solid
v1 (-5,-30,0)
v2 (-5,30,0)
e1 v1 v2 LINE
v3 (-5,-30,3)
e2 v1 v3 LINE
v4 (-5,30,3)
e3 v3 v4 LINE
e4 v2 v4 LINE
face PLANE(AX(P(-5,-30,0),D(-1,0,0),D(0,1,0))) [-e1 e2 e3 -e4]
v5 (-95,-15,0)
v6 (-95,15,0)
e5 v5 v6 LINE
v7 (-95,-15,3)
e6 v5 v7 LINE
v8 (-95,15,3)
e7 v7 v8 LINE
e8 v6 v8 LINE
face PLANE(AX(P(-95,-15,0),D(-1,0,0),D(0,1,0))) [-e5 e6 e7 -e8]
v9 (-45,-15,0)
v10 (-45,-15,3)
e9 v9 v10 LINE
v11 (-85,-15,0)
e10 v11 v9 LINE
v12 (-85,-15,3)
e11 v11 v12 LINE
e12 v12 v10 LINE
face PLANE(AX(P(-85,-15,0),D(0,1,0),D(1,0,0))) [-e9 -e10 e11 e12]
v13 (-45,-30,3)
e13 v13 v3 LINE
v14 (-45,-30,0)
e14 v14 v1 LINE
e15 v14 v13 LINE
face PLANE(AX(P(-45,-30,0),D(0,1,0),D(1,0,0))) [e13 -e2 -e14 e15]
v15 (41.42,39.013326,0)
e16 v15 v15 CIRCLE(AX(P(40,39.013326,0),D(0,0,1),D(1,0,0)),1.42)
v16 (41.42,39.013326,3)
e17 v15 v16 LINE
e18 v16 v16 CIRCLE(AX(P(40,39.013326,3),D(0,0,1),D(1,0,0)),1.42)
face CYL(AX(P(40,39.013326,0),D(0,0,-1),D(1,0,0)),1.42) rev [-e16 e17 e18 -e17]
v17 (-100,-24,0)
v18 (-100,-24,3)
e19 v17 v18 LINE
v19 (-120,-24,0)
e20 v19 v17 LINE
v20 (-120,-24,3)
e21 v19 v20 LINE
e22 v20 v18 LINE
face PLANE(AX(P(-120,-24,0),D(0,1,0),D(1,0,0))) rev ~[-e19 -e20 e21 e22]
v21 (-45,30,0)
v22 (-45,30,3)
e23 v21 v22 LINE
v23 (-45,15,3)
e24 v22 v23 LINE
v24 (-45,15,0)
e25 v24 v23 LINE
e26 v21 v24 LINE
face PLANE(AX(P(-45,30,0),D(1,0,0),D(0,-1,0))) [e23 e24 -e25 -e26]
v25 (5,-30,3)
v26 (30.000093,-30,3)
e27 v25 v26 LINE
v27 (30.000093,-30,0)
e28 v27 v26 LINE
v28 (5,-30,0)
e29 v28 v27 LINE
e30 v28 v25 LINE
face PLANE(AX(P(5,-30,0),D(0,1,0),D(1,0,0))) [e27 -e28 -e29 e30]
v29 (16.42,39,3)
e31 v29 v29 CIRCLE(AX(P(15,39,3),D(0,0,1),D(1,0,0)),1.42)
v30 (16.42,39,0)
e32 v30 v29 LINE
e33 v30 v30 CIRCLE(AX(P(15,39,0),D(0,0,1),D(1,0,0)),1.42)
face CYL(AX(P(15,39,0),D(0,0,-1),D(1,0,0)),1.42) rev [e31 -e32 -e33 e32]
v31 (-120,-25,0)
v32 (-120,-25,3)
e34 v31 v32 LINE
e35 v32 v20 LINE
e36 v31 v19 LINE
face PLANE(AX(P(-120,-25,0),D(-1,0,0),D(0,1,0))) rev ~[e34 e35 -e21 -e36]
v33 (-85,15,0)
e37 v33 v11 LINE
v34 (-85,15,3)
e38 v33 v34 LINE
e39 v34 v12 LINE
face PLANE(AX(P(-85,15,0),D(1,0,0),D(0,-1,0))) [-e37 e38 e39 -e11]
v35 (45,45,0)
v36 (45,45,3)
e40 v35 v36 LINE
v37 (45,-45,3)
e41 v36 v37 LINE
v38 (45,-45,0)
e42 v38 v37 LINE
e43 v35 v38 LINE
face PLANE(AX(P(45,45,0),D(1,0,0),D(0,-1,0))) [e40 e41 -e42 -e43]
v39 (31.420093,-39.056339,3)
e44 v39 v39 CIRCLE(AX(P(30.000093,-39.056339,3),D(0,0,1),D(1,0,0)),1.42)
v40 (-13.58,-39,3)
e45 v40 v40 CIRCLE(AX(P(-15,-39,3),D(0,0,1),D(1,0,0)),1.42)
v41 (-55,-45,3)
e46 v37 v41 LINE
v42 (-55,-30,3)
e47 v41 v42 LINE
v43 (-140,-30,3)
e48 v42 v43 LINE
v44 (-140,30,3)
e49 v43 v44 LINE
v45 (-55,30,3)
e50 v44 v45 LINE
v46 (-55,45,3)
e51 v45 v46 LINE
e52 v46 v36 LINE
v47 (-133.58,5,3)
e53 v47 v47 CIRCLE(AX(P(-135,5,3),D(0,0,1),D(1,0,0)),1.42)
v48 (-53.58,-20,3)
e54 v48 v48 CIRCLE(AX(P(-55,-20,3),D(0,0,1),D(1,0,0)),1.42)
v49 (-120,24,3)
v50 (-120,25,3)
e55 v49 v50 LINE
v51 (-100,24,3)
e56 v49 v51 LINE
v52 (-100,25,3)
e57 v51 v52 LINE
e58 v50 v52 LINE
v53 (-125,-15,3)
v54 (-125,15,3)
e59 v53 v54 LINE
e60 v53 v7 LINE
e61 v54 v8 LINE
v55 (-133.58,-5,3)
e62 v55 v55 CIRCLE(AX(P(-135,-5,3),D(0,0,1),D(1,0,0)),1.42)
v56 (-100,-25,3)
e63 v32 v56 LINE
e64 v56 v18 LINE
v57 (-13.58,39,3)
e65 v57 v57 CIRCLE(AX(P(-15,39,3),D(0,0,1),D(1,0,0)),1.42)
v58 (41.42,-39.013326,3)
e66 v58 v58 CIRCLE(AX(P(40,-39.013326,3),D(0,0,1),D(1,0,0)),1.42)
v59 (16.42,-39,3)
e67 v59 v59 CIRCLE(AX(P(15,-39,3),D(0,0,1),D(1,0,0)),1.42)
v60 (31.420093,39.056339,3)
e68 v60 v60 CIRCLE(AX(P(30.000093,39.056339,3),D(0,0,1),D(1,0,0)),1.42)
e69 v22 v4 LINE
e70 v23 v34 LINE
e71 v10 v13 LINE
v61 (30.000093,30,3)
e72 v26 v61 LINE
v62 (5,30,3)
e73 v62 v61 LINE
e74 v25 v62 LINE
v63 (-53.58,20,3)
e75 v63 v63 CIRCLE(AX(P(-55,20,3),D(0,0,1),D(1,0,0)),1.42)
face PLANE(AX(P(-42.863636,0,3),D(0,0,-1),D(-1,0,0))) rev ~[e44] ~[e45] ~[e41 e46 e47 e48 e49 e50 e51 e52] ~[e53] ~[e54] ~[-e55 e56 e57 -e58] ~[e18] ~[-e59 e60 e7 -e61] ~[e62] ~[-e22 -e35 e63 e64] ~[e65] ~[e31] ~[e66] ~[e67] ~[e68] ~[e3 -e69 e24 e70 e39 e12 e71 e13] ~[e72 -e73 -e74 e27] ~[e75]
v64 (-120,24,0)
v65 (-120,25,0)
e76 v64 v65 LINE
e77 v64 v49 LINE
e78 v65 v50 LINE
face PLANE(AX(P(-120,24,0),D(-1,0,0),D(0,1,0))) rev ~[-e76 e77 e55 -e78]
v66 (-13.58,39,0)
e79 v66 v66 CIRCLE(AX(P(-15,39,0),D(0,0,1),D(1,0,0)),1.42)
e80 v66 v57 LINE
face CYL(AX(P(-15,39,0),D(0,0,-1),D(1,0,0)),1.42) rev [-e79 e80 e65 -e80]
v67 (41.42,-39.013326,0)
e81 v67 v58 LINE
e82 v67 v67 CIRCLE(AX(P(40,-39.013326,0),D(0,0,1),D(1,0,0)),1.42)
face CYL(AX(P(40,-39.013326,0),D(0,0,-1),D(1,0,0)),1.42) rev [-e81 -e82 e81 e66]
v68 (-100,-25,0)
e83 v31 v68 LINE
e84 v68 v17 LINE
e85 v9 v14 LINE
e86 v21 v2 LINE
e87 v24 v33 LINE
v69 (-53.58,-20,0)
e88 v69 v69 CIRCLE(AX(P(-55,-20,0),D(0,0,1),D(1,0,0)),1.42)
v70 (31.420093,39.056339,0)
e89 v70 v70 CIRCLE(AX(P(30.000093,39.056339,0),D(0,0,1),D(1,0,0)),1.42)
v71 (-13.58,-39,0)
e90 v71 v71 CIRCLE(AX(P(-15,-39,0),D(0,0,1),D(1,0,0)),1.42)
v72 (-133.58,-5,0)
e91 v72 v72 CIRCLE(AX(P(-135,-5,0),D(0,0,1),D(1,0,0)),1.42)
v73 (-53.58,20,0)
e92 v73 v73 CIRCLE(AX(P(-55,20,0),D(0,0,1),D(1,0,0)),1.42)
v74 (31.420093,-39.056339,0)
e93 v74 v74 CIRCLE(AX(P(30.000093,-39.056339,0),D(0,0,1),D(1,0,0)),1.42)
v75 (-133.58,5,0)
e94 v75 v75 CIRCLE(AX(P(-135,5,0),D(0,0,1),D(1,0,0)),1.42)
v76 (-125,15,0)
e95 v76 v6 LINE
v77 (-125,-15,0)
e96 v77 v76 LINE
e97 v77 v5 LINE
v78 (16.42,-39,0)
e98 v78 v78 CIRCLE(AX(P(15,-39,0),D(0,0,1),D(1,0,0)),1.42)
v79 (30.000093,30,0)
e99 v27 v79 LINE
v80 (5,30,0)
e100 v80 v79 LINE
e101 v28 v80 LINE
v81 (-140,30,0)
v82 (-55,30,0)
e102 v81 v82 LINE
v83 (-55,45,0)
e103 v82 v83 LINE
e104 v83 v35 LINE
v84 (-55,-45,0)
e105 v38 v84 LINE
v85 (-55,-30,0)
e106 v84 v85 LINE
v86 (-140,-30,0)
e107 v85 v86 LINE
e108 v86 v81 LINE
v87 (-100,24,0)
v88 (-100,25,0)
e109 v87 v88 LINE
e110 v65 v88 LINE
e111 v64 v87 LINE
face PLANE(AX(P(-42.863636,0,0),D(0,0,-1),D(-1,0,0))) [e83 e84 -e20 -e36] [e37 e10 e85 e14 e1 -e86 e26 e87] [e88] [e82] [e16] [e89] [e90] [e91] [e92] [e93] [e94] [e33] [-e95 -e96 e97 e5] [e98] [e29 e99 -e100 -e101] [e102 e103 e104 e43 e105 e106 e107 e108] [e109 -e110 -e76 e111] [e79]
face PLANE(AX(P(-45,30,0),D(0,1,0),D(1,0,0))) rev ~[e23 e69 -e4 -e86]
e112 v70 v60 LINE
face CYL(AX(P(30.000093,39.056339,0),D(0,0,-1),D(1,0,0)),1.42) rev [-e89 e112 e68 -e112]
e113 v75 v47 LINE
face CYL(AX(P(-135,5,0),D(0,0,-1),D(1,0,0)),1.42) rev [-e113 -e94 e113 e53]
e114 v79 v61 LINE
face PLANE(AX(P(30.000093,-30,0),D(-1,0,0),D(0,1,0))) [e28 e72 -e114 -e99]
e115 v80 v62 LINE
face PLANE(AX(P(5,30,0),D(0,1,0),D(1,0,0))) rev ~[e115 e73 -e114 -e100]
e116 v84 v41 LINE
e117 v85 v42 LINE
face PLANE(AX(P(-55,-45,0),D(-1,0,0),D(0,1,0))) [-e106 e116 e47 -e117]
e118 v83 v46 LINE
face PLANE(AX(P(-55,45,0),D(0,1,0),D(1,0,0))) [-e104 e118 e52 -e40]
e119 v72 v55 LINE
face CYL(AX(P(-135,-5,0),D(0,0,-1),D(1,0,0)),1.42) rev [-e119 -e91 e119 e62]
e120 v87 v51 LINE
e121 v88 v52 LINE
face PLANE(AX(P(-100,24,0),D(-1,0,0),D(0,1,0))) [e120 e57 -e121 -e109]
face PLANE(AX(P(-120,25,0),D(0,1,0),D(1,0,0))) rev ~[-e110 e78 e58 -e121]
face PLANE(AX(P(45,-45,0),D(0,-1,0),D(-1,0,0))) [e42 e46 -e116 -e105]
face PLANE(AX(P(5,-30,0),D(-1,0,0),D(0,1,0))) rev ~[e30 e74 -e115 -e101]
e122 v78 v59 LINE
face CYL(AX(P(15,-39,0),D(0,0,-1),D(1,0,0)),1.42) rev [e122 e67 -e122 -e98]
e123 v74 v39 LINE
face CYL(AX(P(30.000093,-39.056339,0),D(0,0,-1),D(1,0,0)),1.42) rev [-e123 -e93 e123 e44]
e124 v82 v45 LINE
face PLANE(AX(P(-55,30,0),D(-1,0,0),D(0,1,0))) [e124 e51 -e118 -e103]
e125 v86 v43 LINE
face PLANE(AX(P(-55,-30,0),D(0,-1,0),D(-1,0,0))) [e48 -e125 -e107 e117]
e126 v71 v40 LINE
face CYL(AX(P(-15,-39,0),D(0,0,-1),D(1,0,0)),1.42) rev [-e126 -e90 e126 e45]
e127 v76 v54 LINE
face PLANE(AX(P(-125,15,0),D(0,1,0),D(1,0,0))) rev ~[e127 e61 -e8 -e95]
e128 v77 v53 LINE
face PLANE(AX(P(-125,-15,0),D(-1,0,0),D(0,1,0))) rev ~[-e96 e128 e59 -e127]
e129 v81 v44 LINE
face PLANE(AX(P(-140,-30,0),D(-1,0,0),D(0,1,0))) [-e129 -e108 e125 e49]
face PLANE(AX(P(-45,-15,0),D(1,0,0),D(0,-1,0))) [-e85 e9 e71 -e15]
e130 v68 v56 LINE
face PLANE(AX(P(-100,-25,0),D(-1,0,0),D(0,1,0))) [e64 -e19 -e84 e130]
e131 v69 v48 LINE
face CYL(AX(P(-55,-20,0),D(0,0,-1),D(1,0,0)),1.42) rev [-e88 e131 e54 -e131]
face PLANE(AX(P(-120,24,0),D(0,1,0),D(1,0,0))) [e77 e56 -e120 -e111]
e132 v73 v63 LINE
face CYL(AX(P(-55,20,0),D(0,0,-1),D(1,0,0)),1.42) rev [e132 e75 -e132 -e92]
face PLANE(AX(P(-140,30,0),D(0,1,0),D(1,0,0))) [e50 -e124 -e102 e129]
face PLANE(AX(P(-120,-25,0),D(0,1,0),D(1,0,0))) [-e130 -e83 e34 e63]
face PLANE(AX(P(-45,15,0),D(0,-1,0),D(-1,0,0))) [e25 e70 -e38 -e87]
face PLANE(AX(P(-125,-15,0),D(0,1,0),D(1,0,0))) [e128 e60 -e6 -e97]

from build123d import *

# Parameters (mm, degrees)
SKETCH1_R           = 1.42
SKETCH1_W           = 25.000092503
SKETCH1_H           = 60
SKETCH1_W_2         = 30
SKETCH1_H_2         = 30
SKETCH1_W_3         = 20
SKETCH1_H_3         = 1
BOSS_EXTRUDE1_DEPTH = 3


with BuildPart() as part:
    # Sketch1 → Boss-Extrude1 (new body)
    with BuildSketch(Plane.XY):
        Polygon((-55, 45), (45, 45), (45, -45), (-55, -45), (-55, -30), (-140, -30), (-140, 30), (-55, 30), align=None)
        with Locations((15, 39)):
            Circle(SKETCH1_R, mode=Mode.SUBTRACT)
        with Locations((-15, 39)):
            Circle(SKETCH1_R, mode=Mode.SUBTRACT)
        with Locations((-15, -39)):
            Circle(SKETCH1_R, mode=Mode.SUBTRACT)
        with Locations((15, -39)):
            Circle(SKETCH1_R, mode=Mode.SUBTRACT)
        with Locations((30.000092503, 39.056338633)):
            Circle(SKETCH1_R, mode=Mode.SUBTRACT)
        with Locations((40, 39.013326424)):
            Circle(SKETCH1_R, mode=Mode.SUBTRACT)
        with Locations((-55, 20)):
            Circle(SKETCH1_R, mode=Mode.SUBTRACT)
        with Locations((-55, -20)):
            Circle(SKETCH1_R, mode=Mode.SUBTRACT)
        with Locations((40, -39.013326424)):
            Circle(SKETCH1_R, mode=Mode.SUBTRACT)
        with Locations((30.000092503, -39.056338633)):
            Circle(SKETCH1_R, mode=Mode.SUBTRACT)
        with Locations((-135, 5)):
            Circle(SKETCH1_R, mode=Mode.SUBTRACT)
        with Locations((-135, -5)):
            Circle(SKETCH1_R, mode=Mode.SUBTRACT)
        Polygon((-15, 30), (-45, 30), (-45, 15), (-85, 15), (-85, -15), (-45, -15), (-45, -30), (-5, -30), (-5, 30), align=None, mode=Mode.SUBTRACT)
        with Locations((17.500046252, 0)):
            Rectangle(SKETCH1_W, SKETCH1_H, mode=Mode.SUBTRACT)
        with Locations((-110, 0)):
            Rectangle(SKETCH1_W_2, SKETCH1_H_2, mode=Mode.SUBTRACT)
        with Locations((-110, -24.5)):
            Rectangle(SKETCH1_W_3, SKETCH1_H_3, mode=Mode.SUBTRACT)
        with Locations((-110, 24.5)):
            Rectangle(SKETCH1_W_3, SKETCH1_H_3, mode=Mode.SUBTRACT)
    extrude(amount=BOSS_EXTRUDE1_DEPTH)


solid = part.part
